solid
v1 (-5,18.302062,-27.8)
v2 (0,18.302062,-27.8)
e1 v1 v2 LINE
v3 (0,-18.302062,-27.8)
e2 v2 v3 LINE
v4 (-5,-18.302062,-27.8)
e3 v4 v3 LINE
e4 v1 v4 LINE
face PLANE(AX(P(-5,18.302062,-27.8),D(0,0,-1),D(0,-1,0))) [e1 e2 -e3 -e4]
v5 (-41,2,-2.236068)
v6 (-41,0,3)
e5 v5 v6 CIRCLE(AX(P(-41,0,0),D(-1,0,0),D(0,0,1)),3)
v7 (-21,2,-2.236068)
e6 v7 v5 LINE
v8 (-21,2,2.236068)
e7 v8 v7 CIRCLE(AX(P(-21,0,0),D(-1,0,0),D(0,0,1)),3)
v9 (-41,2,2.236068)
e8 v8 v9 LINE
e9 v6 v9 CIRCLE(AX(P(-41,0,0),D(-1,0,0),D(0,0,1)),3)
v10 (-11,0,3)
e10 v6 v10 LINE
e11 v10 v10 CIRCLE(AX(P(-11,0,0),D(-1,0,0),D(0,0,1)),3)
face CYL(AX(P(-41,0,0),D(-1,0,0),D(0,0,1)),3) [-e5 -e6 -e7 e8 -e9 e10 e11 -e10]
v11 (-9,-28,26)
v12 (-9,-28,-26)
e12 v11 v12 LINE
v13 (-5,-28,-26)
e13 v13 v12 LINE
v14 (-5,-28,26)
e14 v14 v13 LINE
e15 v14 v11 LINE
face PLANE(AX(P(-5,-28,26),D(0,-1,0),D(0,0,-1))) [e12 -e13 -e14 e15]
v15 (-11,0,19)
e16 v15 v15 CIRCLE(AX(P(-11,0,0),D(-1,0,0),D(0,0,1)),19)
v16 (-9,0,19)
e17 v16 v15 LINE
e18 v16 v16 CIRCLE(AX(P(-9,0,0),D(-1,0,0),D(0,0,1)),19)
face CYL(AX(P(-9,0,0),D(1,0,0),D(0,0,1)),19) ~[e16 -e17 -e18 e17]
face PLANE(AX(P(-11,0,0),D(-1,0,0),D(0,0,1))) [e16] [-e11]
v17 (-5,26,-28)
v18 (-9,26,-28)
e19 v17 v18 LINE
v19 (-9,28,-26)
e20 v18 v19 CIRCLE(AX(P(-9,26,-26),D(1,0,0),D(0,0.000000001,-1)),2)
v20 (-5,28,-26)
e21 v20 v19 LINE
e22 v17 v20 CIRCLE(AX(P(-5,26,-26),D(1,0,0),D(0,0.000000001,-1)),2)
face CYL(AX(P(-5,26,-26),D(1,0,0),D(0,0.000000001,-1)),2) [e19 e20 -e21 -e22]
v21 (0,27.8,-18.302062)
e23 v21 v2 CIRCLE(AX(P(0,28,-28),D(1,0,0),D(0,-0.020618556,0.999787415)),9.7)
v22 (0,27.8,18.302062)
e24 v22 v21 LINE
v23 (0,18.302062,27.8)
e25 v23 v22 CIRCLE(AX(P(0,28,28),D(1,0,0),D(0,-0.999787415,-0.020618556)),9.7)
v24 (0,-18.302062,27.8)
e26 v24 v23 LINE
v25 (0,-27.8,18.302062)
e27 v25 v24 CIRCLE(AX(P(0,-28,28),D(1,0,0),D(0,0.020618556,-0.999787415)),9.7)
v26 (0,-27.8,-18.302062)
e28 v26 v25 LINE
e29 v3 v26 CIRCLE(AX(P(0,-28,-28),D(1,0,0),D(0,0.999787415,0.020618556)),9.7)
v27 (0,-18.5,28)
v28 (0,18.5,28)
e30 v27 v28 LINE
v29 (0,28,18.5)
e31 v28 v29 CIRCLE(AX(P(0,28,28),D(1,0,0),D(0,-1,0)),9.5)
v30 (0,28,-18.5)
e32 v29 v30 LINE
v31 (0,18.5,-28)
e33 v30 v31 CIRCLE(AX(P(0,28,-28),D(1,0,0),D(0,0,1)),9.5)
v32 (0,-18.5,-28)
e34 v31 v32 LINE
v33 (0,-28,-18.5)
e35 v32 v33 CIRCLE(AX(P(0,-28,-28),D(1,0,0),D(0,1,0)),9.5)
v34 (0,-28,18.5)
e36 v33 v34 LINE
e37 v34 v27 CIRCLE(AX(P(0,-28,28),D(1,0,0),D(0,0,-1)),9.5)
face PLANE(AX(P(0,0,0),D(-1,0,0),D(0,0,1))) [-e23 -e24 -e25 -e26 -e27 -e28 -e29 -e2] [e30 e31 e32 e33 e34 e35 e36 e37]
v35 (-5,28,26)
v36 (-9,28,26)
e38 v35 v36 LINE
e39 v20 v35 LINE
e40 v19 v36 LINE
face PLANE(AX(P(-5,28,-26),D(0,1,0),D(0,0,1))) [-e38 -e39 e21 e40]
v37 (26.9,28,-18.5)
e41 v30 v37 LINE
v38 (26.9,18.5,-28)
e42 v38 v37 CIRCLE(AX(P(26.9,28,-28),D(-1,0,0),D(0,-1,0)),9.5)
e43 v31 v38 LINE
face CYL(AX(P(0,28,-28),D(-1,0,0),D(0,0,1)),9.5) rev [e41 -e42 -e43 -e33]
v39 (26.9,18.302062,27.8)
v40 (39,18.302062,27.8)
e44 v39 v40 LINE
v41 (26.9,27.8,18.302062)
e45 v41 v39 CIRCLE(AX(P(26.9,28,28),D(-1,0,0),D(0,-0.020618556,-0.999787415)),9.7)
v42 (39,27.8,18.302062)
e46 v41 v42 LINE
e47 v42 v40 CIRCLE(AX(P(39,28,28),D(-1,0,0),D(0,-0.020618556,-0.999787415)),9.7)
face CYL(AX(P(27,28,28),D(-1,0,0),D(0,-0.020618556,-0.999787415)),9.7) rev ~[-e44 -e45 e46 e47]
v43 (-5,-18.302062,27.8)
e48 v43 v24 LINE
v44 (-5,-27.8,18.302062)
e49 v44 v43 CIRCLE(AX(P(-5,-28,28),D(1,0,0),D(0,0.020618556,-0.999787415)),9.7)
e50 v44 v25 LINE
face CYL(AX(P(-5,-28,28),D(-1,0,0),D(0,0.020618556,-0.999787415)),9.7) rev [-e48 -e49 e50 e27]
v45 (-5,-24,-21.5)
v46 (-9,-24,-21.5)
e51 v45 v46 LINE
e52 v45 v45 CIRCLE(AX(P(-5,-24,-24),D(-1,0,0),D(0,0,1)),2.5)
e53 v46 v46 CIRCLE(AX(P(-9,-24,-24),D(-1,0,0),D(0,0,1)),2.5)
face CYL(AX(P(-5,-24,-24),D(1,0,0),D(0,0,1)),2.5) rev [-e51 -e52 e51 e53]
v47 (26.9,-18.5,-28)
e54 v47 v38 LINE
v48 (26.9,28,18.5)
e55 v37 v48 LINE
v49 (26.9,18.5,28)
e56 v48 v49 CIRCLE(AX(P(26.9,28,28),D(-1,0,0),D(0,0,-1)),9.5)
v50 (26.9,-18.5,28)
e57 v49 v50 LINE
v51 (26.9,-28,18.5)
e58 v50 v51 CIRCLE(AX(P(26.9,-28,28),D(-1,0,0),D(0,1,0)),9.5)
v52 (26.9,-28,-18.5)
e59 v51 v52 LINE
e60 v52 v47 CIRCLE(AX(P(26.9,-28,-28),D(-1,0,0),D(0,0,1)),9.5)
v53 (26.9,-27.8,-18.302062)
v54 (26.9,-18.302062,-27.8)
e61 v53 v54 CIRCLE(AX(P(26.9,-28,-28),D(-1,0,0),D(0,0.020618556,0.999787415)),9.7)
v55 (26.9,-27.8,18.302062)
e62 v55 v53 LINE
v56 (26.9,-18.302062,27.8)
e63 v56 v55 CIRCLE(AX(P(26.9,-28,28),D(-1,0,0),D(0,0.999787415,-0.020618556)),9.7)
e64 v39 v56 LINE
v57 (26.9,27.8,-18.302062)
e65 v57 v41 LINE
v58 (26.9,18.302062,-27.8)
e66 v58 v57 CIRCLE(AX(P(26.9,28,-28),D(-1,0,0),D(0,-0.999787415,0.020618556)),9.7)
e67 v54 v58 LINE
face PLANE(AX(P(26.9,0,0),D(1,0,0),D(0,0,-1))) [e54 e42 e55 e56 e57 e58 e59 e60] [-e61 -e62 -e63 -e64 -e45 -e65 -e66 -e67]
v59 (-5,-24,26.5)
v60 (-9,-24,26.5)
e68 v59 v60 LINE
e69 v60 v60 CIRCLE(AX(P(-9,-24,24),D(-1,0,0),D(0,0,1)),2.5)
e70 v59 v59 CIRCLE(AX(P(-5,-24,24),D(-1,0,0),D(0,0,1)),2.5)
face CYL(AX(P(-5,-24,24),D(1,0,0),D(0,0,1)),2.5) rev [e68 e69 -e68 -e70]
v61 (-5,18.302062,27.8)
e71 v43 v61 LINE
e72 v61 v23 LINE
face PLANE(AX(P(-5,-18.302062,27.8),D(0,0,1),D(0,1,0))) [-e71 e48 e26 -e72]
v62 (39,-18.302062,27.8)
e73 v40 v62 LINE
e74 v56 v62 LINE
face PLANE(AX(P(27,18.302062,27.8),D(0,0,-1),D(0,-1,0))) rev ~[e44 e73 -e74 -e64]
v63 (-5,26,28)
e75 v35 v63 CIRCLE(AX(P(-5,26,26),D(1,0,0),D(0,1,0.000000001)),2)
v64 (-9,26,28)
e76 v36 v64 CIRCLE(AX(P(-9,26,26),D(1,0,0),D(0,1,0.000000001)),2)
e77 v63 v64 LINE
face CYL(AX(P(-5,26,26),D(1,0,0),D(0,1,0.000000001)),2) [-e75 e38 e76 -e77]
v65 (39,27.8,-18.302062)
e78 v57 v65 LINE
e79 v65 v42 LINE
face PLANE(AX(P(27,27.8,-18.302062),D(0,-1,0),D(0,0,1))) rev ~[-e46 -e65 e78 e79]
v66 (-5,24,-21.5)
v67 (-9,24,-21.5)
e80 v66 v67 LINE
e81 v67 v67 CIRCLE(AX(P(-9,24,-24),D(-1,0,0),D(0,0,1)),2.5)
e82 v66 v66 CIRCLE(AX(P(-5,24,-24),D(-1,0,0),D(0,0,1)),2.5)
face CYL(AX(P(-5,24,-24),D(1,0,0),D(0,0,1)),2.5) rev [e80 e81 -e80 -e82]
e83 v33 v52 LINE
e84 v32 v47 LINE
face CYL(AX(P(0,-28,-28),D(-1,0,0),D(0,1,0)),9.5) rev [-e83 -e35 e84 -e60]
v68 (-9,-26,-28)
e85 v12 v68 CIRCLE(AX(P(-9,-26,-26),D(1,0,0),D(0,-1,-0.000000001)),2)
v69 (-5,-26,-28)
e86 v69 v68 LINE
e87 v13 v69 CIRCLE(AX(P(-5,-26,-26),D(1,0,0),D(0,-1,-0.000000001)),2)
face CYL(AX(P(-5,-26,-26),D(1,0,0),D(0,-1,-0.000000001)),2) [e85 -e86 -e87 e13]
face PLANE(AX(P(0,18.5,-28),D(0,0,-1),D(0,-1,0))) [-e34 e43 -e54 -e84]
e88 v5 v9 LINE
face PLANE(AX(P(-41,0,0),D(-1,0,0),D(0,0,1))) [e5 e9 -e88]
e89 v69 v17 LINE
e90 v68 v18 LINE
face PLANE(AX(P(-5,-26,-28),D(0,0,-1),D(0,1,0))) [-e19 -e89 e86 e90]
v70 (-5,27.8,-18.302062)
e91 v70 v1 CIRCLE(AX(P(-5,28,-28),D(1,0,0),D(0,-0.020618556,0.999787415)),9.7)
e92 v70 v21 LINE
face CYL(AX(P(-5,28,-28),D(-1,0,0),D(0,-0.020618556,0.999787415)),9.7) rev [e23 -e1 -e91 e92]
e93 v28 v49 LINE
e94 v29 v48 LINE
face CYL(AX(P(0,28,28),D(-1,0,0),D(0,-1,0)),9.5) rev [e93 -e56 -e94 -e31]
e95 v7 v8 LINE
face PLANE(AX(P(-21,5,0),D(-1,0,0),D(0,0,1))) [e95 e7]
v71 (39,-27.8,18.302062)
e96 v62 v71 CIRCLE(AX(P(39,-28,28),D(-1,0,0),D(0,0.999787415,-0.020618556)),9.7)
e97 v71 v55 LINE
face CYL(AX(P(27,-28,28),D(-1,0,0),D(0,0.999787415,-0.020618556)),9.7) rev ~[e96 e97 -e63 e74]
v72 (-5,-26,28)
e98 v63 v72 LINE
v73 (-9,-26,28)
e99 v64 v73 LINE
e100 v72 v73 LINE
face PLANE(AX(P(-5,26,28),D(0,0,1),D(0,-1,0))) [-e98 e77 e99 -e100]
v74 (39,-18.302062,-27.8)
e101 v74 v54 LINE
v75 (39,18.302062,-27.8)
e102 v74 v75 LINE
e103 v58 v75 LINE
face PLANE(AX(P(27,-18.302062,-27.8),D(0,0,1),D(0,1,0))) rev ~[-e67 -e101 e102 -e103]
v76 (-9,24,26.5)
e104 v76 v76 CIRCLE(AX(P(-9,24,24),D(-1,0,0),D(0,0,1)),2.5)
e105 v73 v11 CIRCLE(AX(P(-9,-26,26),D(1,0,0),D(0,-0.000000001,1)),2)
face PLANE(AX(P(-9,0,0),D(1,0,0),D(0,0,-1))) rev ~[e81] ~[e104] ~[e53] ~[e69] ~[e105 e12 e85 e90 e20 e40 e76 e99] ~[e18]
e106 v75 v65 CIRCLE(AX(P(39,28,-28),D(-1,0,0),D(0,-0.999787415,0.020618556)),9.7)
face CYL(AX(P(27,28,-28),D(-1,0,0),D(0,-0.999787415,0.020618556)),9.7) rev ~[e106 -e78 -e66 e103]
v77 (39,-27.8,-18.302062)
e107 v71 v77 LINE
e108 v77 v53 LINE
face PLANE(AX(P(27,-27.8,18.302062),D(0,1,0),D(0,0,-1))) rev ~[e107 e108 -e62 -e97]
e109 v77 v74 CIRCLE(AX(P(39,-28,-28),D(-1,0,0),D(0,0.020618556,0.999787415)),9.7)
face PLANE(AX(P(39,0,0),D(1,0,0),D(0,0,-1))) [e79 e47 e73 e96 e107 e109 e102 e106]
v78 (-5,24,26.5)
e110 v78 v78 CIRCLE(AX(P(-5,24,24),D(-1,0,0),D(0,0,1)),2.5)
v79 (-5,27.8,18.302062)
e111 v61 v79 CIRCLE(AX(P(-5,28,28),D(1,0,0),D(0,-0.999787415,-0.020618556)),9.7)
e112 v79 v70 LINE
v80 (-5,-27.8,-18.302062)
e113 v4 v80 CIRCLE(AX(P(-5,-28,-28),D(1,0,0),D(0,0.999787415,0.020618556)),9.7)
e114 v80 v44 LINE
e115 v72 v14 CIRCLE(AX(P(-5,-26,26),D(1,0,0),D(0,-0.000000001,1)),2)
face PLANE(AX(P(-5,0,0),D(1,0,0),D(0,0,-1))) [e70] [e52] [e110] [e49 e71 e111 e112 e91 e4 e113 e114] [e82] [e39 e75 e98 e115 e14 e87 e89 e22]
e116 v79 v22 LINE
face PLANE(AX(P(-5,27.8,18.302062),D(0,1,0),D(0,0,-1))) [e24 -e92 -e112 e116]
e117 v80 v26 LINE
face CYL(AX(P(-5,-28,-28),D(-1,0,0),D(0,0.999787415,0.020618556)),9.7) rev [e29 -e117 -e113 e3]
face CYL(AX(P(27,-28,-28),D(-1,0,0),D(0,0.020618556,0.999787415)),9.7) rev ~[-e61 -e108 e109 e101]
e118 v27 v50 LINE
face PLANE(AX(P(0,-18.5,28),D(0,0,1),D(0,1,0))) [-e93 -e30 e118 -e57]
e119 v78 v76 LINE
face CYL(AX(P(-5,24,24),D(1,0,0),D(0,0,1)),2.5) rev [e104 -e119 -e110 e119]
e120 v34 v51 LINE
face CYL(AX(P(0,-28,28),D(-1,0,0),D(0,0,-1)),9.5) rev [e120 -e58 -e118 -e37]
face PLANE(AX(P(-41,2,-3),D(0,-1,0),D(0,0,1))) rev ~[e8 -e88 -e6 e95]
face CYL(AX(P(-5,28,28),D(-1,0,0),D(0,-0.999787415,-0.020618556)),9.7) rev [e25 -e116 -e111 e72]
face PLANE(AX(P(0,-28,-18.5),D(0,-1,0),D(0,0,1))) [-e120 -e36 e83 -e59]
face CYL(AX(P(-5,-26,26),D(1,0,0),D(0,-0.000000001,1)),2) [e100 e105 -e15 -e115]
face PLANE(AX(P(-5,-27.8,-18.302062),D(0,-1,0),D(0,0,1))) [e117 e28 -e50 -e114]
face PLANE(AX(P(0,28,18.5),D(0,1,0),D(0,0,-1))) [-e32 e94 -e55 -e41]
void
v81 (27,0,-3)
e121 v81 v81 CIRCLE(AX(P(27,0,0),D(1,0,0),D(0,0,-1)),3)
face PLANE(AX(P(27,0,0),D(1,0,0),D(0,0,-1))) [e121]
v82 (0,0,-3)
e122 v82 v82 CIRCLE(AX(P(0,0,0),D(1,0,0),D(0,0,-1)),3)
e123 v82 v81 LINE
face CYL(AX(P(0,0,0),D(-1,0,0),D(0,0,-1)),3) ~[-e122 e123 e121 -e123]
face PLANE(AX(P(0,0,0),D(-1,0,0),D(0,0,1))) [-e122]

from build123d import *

# Parameters (mm, degrees)
SKETCH1_R           = 3
BOSS_EXTRUDE1_DEPTH = 27
CUT_EXTRUDE4_START  = -0.1
CUT_EXTRUDE4_DEPTH  = 0.1
BOSS_EXTRUDE4_DEPTH = 12
BOSS_EXTRUDE5_START = 5
BOSS_EXTRUDE5_DEPTH = 5
SKETCH14_R          = 2.5
BOSS_EXTRUDE7_DEPTH = 4
SKETCH15_R          = 19
BOSS_EXTRUDE8_DEPTH = 2
BOSS_EXTRUDE9_START = 30
SKETCH16_R          = 3
BOSS_EXTRUDE9_DEPTH = 30
SKETCH17_W          = 6
SKETCH17_H          = 6
CUT_EXTRUDE5_DEPTH  = 20


with BuildPart() as part:
    # Sketch1 → Boss-Extrude1 (new body)
    with BuildSketch(Plane(origin=(0, 0, 0), x_dir=(0, 0, -1), z_dir=(1, 0, 0))):
        with BuildLine():
            Line((-18.5, 28), (18.5, 28))
            ThreePointArc((18.5, 28), (21.282485579, 21.282485579), (28, 18.5))
            Line((28, 18.5), (28, -18.5))
            ThreePointArc((28, -18.5), (21.282485579, -21.282485579), (18.5, -28))
            Line((18.5, -28), (-18.5, -28))
            ThreePointArc((-18.5, -28), (-21.282485579, -21.282485579), (-28, -18.5))
            Line((-28, -18.5), (-28, 18.5))
            ThreePointArc((-28, 18.5), (-21.282485579, 21.282485579), (-18.5, 28))
        make_face()
        Circle(SKETCH1_R, mode=Mode.SUBTRACT)
    extrude(amount=BOSS_EXTRUDE1_DEPTH)

    # Sketch6 → Cut-Extrude4 (cut)
    with BuildSketch(Plane(origin=(27, 0, 0), x_dir=(0, 0, -1), z_dir=(1, 0, 0)).offset(CUT_EXTRUDE4_START)):
        with BuildLine():
            Line((28, -18.5), (28, 18.5))
            ThreePointArc((28, 18.5), (21.282485579, 21.282485579), (18.5, 28))
            Line((18.5, 28), (-18.5, 28))
            ThreePointArc((-18.5, 28), (-21.282485579, 21.282485579), (-28, 18.5))
            Line((-28, 18.5), (-28, -18.5))
            ThreePointArc((-28, -18.5), (-21.282485579, -21.282485579), (-18.5, -28))
            Line((-18.5, -28), (18.5, -28))
            ThreePointArc((18.5, -28), (21.282485579, -21.282485579), (28, -18.5))
        make_face()
        with BuildLine():
            Line((18.302062075, 27.8), (-18.302062075, 27.8))
            ThreePointArc((-18.302062075, 27.8), (-21.141064222, 21.141064222), (-27.8, 18.302062075))
            Line((-27.8, 18.302062075), (-27.8, -18.302062075))
            ThreePointArc((-27.8, -18.302062075), (-21.141064222, -21.141064222), (-18.302062075, -27.8))
            Line((-18.302062075, -27.8), (18.302062075, -27.8))
            ThreePointArc((18.302062075, -27.8), (21.141064222, -21.141064222), (27.8, -18.302062075))
            Line((27.8, -18.302062075), (27.8, 18.302062075))
            ThreePointArc((27.8, 18.302062075), (21.141064222, 21.141064222), (18.302062075, 27.8))
        make_face(mode=Mode.SUBTRACT)
    extrude(amount=CUT_EXTRUDE4_DEPTH, mode=Mode.SUBTRACT)

    # Sketch10 → Boss-Extrude4 (add)
    with BuildSketch(Plane(origin=(27, 0, 0), x_dir=(0, 0, -1), z_dir=(1, 0, 0))):
        with BuildLine():
            Line((27.8, -18.302062075), (27.8, 18.302062075))
            ThreePointArc((27.8, 18.302062075), (21.141064222, 21.141064222), (18.302062075, 27.8))
            Line((18.302062075, 27.8), (-18.302062075, 27.8))
            ThreePointArc((-18.302062075, 27.8), (-21.141064222, 21.141064222), (-27.8, 18.302062075))
            Line((-27.8, 18.302062075), (-27.8, -18.302062075))
            ThreePointArc((-27.8, -18.302062075), (-21.141064222, -21.141064222), (-18.302062075, -27.8))
            Line((-18.302062075, -27.8), (18.302062075, -27.8))
            ThreePointArc((18.302062075, -27.8), (21.141064222, -21.141064222), (27.8, -18.302062075))
        make_face()
    extrude(amount=BOSS_EXTRUDE4_DEPTH)

    # Sketch12 → Boss-Extrude5 (add)
    with BuildSketch(Plane.ZY.offset(BOSS_EXTRUDE5_START)):
        with BuildLine():
            Line((-27.8, 18.302062075), (-27.8, -18.302062075))
            ThreePointArc((-27.8, -18.302062075), (-21.141064222, -21.141064222), (-18.302062075, -27.8))
            Line((-18.302062075, -27.8), (18.302062075, -27.8))
            ThreePointArc((18.302062075, -27.8), (21.141064222, -21.141064222), (27.8, -18.302062075))
            Line((27.8, -18.302062075), (27.8, 18.302062075))
            ThreePointArc((27.8, 18.302062075), (21.141064222, 21.141064222), (18.302062075, 27.8))
            Line((18.302062075, 27.8), (-18.302062075, 27.8))
            ThreePointArc((-18.302062075, 27.8), (-21.141064222, 21.141064222), (-27.8, 18.302062075))
        make_face()
    extrude(amount=-BOSS_EXTRUDE5_DEPTH)

    # Sketch14 → Boss-Extrude7 (add)
    with BuildSketch(Plane.ZY.offset(5)):
        with BuildLine():
            Line((-26, 28), (26, 28))
            ThreePointArc((26, 28), (27.414213562, 27.414213562), (28, 26))
            Line((28, 26), (28, -26))
            ThreePointArc((28, -26), (27.414213562, -27.414213562), (26, -28))
            Line((26, -28), (-26, -28))
            ThreePointArc((-26, -28), (-27.414213562, -27.414213562), (-28, -26))
            Line((-28, -26), (-28, 26))
            ThreePointArc((-28, 26), (-27.414213562, 27.414213562), (-26, 28))
        make_face()
        with Locations((-24, 24)):
            Circle(SKETCH14_R, mode=Mode.SUBTRACT)
        with Locations((24, 24)):
            Circle(SKETCH14_R, mode=Mode.SUBTRACT)
        with Locations((24, -24)):
            Circle(SKETCH14_R, mode=Mode.SUBTRACT)
        with Locations((-24, -24)):
            Circle(SKETCH14_R, mode=Mode.SUBTRACT)
    extrude(amount=BOSS_EXTRUDE7_DEPTH)

    # Sketch15 → Boss-Extrude8 (add)
    with BuildSketch(Plane.ZY.offset(9)):
        Circle(SKETCH15_R)
    extrude(amount=BOSS_EXTRUDE8_DEPTH)

    # Sketch16 → Boss-Extrude9 (add)
    with BuildSketch(Plane.ZY.offset(11).offset(BOSS_EXTRUDE9_START)):
        Circle(SKETCH16_R)
    extrude(amount=-BOSS_EXTRUDE9_DEPTH)

    # Sketch17 → Cut-Extrude5 (cut)
    with BuildSketch(Plane.ZY.offset(41)):
        with Locations((0, 5)):
            Rectangle(SKETCH17_W, SKETCH17_H)
    extrude(amount=-CUT_EXTRUDE5_DEPTH, mode=Mode.SUBTRACT)


solid = part.part
